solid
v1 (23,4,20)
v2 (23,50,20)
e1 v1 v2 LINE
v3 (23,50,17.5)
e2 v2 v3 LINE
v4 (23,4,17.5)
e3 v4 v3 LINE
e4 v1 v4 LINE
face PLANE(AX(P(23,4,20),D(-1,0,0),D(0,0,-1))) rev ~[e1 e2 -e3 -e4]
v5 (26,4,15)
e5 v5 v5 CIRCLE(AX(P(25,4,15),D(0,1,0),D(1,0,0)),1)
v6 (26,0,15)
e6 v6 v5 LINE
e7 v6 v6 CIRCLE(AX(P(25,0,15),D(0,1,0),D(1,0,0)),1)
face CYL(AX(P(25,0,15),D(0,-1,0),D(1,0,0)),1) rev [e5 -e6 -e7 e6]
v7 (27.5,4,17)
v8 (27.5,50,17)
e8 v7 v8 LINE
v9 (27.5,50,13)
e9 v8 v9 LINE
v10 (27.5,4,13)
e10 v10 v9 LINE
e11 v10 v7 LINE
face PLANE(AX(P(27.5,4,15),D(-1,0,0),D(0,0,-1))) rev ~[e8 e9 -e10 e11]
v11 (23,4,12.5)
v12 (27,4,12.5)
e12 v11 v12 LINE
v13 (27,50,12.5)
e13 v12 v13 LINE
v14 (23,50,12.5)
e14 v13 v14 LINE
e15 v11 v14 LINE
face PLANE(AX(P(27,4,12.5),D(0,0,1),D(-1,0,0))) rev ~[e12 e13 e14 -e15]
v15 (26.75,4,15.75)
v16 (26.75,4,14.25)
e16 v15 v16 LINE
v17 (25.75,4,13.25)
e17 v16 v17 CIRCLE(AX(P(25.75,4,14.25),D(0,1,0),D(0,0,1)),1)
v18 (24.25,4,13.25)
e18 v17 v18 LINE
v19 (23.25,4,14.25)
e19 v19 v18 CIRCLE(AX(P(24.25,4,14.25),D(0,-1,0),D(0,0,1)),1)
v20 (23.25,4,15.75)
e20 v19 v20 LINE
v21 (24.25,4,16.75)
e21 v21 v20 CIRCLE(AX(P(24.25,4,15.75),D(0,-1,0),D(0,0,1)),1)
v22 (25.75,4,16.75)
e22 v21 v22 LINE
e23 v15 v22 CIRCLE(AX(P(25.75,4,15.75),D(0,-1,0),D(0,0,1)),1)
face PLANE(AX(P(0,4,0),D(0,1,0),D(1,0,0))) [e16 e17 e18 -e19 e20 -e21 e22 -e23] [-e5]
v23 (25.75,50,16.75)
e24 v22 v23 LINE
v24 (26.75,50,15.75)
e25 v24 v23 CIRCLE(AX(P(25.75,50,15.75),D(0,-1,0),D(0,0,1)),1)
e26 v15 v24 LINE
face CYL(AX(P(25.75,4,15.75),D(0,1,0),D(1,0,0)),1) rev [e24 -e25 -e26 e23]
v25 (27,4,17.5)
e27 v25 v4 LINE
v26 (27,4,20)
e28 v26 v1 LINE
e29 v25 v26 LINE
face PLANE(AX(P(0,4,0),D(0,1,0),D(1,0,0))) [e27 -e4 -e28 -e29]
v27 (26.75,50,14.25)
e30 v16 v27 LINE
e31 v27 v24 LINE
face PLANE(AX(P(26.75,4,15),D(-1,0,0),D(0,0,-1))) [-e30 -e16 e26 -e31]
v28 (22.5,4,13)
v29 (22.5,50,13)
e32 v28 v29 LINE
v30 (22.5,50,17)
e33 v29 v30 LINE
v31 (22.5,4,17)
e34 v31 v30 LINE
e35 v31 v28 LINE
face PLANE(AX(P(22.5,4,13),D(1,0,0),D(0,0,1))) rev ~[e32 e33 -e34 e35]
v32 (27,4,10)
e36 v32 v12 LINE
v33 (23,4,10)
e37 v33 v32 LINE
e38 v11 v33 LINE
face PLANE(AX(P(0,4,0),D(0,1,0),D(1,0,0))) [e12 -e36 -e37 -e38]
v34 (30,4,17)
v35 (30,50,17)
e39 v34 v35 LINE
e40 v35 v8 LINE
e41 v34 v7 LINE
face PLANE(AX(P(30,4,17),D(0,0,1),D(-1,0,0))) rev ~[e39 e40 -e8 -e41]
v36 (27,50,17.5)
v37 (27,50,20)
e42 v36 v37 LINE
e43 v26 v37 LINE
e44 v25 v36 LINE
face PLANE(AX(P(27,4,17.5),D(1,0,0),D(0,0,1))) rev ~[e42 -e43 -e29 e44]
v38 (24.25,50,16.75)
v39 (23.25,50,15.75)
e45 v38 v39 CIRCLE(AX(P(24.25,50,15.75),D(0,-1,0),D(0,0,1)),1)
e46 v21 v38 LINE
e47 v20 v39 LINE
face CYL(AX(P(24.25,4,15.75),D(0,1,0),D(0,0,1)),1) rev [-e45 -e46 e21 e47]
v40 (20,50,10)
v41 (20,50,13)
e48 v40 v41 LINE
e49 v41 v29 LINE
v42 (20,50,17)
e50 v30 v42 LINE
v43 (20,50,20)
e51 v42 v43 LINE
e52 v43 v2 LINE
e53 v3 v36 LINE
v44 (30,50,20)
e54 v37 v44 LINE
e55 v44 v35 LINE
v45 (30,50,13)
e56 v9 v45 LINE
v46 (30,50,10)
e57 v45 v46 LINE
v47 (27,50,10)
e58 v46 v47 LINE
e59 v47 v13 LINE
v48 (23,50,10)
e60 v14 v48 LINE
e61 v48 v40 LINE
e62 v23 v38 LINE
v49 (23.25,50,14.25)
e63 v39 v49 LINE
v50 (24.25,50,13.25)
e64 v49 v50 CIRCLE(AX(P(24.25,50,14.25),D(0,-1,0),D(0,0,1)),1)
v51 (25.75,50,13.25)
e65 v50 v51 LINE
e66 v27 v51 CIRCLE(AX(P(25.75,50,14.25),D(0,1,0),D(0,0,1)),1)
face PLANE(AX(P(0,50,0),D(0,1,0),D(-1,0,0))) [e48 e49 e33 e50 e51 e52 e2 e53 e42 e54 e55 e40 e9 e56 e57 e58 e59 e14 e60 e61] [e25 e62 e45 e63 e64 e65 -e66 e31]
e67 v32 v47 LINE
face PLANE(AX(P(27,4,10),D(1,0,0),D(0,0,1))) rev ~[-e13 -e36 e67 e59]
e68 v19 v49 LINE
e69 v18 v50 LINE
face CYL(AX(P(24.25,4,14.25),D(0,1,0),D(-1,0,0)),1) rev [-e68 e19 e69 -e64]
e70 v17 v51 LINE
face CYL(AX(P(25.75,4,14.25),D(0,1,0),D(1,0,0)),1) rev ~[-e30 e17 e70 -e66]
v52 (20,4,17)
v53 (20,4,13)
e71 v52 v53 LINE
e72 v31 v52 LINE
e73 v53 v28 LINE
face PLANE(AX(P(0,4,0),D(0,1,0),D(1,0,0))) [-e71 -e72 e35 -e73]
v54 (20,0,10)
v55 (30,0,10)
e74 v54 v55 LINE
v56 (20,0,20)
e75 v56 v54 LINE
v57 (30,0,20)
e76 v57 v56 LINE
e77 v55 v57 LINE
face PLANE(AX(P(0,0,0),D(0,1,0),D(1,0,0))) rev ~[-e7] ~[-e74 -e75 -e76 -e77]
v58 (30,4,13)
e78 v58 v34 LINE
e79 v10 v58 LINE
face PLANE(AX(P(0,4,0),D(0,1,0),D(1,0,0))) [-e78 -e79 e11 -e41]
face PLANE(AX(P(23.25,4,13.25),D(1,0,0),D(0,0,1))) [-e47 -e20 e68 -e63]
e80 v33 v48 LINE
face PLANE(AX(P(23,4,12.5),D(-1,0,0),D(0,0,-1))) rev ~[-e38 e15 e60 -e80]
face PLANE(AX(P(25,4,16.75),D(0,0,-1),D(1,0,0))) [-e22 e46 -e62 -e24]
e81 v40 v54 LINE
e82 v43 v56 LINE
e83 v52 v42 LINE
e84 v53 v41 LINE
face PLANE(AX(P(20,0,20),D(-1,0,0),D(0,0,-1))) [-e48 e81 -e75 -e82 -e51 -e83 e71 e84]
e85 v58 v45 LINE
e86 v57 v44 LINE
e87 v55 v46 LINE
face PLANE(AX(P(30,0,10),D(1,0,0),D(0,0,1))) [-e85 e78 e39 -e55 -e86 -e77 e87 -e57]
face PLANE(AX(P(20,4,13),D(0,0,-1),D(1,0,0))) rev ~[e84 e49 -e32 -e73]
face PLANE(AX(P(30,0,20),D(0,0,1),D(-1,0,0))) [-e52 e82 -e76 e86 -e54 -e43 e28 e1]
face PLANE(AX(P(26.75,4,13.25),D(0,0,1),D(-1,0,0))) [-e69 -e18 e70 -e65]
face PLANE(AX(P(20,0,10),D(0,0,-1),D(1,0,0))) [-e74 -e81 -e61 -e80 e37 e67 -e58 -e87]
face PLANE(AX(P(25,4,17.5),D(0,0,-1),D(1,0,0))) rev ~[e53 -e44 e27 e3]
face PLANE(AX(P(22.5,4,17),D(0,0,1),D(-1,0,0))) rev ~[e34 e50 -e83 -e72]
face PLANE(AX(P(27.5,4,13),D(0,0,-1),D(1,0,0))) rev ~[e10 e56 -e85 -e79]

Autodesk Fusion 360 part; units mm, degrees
sketch "Esquisse1" plane through (0, 0, 0) normal (0, 1, 0) x (1, 0, 0)
  line L0 (30, -20) -> (20, -20)
  line L1 (20, -20) -> (20, -10)
  line L2 (20, -10) -> (30, -10)
  line L3 (30, -10) -> (30, -20)
  circle A0 centre (25, -15) radius 1
  dimension "d1" = 10
  dimension "d2" = 10
  dimension "d22" = 2
extrude "Extrusion3" add sketch "Esquisse1" along normal blind 4
sketch "Esquisse3" plane through (0, 4, 0) normal (0, 1, 0) x (-1, 0, 0)
  circle A0 centre (-25, 15) radius 1
  line L0 (-30, 10) -> (-20, 10)
  line L1 (-20, 10) -> (-20, 20)
  line L2 (-20, 20) -> (-30, 20)
  line L3 (-30, 20) -> (-30, 10)
  line L4 (-30, 20) -> (-30, 17)
  line L5 (-30, 17) -> (-27.5, 17)
  line L6 (-27.5, 17) -> (-27.5, 15)
  line L7 (-27.5, 15) -> (-27, 15)
  line L8 (-25, 16.75) -> (-25, 17.5)
  line L9 (-25, 17.5) -> (-27, 17.5)
  line L10 (-27, 17.5) -> (-27, 20)
  line L11 (-27, 20) -> (-30, 20)
  line L12 (-30, 17) -> (-30, 20)
  line L13 (-26.75, 15) -> (-27.625, 15)
  line L14 (-25, 17.5) -> (-25, 17)
  line L15 (-25, 16.75) -> (-26.75, 16.75)
  line L16 (-26.75, 16.75) -> (-26.75, 15)
  line L17 (-27.5, 13) -> (-30, 13)
  line L18 (-30, 13) -> (-30, 10)
  line L19 (-30, 10) -> (-27, 10)
  line L20 (-27, 12.5) -> (-25, 12.5)
  line L21 (-25, 12.5) -> (-25, 13)
  line L22 (-27, 10) -> (-27, 12.5)
  line L23 (-25, 13.25) -> (-25, 12.375)
  line L24 (-26.75, 13.25) -> (-25, 13.25)
  line L25 (-26.75, 15) -> (-26.75, 13.25)
  line L26 (-26.75, 15) -> (-27.5, 15)
  line L27 (-27.5, 15) -> (-27.5, 13)
  line L28 (-23, 12.5) -> (-23, 10)
  line L29 (-23, 10) -> (-20, 10)
  line L30 (-20, 10) -> (-20, 13)
  line L31 (-22.5, 13) -> (-22.5, 15)
  line L32 (-22.5, 15) -> (-23, 15)
  line L33 (-20, 13) -> (-22.5, 13)
  line L34 (-23.25, 15) -> (-22.375, 15)
  line L35 (-23.25, 13.25) -> (-23.25, 15)
  line L36 (-25, 13.25) -> (-23.25, 13.25)
  line L37 (-25, 13.25) -> (-25, 12.5)
  line L38 (-25, 12.5) -> (-23, 12.5)
  line L39 (-22.5, 17) -> (-20, 17)
  line L40 (-20, 17) -> (-20, 20)
  line L41 (-20, 20) -> (-23, 20)
  line L42 (-23, 17.5) -> (-25, 17.5)
  line L43 (-25, 17.5) -> (-25, 17)
  line L44 (-23, 20) -> (-23, 17.5)
  line L45 (-25, 16.75) -> (-25, 17.625)
  line L46 (-23.25, 16.75) -> (-25, 16.75)
  line L47 (-23.25, 15) -> (-23.25, 16.75)
  line L48 (-23.25, 15) -> (-22.5, 15)
  line L49 (-22.5, 15) -> (-22.5, 17)
  dimension "d19" = 2.5
  dimension "d20" = 2
  dimension "d21" = 2.5
  dimension "d25" = 360
  dimension "d27" = 0.75
  dimension "d28" = 0.75
  dimension "d36" = 4
  dimension "d37" = 3
  dimension "d38" = 3
extrude "Extrusion6" add sketch "Esquisse3" along normal blind 46 contours L0 L3 L7 L13 L17 L18 L19 L20 L21 L22 L23 L24 L25 L26 L27 L37 | L0 L1 L21 L23 L28 L29 L30 L31 L32 L33 L34 L35 L36 L37 L38 L48 | L2 L3 L4 L5 L6 L7 L8 L9 L10 L11 L12 L13 L14 L15 L16 L26 L43 L45 | L1 L2 L8 L14 L32 L34 L39 L40 L41 L42 L43 L44 L45 L46 L47 L48 L49
fillet "Congé2" radius 1 4 edges at (23.25, 27, 13.25) (26.75, 27, 13.25) (26.75, 27, 16.75) (23.25, 27, 16.75)
